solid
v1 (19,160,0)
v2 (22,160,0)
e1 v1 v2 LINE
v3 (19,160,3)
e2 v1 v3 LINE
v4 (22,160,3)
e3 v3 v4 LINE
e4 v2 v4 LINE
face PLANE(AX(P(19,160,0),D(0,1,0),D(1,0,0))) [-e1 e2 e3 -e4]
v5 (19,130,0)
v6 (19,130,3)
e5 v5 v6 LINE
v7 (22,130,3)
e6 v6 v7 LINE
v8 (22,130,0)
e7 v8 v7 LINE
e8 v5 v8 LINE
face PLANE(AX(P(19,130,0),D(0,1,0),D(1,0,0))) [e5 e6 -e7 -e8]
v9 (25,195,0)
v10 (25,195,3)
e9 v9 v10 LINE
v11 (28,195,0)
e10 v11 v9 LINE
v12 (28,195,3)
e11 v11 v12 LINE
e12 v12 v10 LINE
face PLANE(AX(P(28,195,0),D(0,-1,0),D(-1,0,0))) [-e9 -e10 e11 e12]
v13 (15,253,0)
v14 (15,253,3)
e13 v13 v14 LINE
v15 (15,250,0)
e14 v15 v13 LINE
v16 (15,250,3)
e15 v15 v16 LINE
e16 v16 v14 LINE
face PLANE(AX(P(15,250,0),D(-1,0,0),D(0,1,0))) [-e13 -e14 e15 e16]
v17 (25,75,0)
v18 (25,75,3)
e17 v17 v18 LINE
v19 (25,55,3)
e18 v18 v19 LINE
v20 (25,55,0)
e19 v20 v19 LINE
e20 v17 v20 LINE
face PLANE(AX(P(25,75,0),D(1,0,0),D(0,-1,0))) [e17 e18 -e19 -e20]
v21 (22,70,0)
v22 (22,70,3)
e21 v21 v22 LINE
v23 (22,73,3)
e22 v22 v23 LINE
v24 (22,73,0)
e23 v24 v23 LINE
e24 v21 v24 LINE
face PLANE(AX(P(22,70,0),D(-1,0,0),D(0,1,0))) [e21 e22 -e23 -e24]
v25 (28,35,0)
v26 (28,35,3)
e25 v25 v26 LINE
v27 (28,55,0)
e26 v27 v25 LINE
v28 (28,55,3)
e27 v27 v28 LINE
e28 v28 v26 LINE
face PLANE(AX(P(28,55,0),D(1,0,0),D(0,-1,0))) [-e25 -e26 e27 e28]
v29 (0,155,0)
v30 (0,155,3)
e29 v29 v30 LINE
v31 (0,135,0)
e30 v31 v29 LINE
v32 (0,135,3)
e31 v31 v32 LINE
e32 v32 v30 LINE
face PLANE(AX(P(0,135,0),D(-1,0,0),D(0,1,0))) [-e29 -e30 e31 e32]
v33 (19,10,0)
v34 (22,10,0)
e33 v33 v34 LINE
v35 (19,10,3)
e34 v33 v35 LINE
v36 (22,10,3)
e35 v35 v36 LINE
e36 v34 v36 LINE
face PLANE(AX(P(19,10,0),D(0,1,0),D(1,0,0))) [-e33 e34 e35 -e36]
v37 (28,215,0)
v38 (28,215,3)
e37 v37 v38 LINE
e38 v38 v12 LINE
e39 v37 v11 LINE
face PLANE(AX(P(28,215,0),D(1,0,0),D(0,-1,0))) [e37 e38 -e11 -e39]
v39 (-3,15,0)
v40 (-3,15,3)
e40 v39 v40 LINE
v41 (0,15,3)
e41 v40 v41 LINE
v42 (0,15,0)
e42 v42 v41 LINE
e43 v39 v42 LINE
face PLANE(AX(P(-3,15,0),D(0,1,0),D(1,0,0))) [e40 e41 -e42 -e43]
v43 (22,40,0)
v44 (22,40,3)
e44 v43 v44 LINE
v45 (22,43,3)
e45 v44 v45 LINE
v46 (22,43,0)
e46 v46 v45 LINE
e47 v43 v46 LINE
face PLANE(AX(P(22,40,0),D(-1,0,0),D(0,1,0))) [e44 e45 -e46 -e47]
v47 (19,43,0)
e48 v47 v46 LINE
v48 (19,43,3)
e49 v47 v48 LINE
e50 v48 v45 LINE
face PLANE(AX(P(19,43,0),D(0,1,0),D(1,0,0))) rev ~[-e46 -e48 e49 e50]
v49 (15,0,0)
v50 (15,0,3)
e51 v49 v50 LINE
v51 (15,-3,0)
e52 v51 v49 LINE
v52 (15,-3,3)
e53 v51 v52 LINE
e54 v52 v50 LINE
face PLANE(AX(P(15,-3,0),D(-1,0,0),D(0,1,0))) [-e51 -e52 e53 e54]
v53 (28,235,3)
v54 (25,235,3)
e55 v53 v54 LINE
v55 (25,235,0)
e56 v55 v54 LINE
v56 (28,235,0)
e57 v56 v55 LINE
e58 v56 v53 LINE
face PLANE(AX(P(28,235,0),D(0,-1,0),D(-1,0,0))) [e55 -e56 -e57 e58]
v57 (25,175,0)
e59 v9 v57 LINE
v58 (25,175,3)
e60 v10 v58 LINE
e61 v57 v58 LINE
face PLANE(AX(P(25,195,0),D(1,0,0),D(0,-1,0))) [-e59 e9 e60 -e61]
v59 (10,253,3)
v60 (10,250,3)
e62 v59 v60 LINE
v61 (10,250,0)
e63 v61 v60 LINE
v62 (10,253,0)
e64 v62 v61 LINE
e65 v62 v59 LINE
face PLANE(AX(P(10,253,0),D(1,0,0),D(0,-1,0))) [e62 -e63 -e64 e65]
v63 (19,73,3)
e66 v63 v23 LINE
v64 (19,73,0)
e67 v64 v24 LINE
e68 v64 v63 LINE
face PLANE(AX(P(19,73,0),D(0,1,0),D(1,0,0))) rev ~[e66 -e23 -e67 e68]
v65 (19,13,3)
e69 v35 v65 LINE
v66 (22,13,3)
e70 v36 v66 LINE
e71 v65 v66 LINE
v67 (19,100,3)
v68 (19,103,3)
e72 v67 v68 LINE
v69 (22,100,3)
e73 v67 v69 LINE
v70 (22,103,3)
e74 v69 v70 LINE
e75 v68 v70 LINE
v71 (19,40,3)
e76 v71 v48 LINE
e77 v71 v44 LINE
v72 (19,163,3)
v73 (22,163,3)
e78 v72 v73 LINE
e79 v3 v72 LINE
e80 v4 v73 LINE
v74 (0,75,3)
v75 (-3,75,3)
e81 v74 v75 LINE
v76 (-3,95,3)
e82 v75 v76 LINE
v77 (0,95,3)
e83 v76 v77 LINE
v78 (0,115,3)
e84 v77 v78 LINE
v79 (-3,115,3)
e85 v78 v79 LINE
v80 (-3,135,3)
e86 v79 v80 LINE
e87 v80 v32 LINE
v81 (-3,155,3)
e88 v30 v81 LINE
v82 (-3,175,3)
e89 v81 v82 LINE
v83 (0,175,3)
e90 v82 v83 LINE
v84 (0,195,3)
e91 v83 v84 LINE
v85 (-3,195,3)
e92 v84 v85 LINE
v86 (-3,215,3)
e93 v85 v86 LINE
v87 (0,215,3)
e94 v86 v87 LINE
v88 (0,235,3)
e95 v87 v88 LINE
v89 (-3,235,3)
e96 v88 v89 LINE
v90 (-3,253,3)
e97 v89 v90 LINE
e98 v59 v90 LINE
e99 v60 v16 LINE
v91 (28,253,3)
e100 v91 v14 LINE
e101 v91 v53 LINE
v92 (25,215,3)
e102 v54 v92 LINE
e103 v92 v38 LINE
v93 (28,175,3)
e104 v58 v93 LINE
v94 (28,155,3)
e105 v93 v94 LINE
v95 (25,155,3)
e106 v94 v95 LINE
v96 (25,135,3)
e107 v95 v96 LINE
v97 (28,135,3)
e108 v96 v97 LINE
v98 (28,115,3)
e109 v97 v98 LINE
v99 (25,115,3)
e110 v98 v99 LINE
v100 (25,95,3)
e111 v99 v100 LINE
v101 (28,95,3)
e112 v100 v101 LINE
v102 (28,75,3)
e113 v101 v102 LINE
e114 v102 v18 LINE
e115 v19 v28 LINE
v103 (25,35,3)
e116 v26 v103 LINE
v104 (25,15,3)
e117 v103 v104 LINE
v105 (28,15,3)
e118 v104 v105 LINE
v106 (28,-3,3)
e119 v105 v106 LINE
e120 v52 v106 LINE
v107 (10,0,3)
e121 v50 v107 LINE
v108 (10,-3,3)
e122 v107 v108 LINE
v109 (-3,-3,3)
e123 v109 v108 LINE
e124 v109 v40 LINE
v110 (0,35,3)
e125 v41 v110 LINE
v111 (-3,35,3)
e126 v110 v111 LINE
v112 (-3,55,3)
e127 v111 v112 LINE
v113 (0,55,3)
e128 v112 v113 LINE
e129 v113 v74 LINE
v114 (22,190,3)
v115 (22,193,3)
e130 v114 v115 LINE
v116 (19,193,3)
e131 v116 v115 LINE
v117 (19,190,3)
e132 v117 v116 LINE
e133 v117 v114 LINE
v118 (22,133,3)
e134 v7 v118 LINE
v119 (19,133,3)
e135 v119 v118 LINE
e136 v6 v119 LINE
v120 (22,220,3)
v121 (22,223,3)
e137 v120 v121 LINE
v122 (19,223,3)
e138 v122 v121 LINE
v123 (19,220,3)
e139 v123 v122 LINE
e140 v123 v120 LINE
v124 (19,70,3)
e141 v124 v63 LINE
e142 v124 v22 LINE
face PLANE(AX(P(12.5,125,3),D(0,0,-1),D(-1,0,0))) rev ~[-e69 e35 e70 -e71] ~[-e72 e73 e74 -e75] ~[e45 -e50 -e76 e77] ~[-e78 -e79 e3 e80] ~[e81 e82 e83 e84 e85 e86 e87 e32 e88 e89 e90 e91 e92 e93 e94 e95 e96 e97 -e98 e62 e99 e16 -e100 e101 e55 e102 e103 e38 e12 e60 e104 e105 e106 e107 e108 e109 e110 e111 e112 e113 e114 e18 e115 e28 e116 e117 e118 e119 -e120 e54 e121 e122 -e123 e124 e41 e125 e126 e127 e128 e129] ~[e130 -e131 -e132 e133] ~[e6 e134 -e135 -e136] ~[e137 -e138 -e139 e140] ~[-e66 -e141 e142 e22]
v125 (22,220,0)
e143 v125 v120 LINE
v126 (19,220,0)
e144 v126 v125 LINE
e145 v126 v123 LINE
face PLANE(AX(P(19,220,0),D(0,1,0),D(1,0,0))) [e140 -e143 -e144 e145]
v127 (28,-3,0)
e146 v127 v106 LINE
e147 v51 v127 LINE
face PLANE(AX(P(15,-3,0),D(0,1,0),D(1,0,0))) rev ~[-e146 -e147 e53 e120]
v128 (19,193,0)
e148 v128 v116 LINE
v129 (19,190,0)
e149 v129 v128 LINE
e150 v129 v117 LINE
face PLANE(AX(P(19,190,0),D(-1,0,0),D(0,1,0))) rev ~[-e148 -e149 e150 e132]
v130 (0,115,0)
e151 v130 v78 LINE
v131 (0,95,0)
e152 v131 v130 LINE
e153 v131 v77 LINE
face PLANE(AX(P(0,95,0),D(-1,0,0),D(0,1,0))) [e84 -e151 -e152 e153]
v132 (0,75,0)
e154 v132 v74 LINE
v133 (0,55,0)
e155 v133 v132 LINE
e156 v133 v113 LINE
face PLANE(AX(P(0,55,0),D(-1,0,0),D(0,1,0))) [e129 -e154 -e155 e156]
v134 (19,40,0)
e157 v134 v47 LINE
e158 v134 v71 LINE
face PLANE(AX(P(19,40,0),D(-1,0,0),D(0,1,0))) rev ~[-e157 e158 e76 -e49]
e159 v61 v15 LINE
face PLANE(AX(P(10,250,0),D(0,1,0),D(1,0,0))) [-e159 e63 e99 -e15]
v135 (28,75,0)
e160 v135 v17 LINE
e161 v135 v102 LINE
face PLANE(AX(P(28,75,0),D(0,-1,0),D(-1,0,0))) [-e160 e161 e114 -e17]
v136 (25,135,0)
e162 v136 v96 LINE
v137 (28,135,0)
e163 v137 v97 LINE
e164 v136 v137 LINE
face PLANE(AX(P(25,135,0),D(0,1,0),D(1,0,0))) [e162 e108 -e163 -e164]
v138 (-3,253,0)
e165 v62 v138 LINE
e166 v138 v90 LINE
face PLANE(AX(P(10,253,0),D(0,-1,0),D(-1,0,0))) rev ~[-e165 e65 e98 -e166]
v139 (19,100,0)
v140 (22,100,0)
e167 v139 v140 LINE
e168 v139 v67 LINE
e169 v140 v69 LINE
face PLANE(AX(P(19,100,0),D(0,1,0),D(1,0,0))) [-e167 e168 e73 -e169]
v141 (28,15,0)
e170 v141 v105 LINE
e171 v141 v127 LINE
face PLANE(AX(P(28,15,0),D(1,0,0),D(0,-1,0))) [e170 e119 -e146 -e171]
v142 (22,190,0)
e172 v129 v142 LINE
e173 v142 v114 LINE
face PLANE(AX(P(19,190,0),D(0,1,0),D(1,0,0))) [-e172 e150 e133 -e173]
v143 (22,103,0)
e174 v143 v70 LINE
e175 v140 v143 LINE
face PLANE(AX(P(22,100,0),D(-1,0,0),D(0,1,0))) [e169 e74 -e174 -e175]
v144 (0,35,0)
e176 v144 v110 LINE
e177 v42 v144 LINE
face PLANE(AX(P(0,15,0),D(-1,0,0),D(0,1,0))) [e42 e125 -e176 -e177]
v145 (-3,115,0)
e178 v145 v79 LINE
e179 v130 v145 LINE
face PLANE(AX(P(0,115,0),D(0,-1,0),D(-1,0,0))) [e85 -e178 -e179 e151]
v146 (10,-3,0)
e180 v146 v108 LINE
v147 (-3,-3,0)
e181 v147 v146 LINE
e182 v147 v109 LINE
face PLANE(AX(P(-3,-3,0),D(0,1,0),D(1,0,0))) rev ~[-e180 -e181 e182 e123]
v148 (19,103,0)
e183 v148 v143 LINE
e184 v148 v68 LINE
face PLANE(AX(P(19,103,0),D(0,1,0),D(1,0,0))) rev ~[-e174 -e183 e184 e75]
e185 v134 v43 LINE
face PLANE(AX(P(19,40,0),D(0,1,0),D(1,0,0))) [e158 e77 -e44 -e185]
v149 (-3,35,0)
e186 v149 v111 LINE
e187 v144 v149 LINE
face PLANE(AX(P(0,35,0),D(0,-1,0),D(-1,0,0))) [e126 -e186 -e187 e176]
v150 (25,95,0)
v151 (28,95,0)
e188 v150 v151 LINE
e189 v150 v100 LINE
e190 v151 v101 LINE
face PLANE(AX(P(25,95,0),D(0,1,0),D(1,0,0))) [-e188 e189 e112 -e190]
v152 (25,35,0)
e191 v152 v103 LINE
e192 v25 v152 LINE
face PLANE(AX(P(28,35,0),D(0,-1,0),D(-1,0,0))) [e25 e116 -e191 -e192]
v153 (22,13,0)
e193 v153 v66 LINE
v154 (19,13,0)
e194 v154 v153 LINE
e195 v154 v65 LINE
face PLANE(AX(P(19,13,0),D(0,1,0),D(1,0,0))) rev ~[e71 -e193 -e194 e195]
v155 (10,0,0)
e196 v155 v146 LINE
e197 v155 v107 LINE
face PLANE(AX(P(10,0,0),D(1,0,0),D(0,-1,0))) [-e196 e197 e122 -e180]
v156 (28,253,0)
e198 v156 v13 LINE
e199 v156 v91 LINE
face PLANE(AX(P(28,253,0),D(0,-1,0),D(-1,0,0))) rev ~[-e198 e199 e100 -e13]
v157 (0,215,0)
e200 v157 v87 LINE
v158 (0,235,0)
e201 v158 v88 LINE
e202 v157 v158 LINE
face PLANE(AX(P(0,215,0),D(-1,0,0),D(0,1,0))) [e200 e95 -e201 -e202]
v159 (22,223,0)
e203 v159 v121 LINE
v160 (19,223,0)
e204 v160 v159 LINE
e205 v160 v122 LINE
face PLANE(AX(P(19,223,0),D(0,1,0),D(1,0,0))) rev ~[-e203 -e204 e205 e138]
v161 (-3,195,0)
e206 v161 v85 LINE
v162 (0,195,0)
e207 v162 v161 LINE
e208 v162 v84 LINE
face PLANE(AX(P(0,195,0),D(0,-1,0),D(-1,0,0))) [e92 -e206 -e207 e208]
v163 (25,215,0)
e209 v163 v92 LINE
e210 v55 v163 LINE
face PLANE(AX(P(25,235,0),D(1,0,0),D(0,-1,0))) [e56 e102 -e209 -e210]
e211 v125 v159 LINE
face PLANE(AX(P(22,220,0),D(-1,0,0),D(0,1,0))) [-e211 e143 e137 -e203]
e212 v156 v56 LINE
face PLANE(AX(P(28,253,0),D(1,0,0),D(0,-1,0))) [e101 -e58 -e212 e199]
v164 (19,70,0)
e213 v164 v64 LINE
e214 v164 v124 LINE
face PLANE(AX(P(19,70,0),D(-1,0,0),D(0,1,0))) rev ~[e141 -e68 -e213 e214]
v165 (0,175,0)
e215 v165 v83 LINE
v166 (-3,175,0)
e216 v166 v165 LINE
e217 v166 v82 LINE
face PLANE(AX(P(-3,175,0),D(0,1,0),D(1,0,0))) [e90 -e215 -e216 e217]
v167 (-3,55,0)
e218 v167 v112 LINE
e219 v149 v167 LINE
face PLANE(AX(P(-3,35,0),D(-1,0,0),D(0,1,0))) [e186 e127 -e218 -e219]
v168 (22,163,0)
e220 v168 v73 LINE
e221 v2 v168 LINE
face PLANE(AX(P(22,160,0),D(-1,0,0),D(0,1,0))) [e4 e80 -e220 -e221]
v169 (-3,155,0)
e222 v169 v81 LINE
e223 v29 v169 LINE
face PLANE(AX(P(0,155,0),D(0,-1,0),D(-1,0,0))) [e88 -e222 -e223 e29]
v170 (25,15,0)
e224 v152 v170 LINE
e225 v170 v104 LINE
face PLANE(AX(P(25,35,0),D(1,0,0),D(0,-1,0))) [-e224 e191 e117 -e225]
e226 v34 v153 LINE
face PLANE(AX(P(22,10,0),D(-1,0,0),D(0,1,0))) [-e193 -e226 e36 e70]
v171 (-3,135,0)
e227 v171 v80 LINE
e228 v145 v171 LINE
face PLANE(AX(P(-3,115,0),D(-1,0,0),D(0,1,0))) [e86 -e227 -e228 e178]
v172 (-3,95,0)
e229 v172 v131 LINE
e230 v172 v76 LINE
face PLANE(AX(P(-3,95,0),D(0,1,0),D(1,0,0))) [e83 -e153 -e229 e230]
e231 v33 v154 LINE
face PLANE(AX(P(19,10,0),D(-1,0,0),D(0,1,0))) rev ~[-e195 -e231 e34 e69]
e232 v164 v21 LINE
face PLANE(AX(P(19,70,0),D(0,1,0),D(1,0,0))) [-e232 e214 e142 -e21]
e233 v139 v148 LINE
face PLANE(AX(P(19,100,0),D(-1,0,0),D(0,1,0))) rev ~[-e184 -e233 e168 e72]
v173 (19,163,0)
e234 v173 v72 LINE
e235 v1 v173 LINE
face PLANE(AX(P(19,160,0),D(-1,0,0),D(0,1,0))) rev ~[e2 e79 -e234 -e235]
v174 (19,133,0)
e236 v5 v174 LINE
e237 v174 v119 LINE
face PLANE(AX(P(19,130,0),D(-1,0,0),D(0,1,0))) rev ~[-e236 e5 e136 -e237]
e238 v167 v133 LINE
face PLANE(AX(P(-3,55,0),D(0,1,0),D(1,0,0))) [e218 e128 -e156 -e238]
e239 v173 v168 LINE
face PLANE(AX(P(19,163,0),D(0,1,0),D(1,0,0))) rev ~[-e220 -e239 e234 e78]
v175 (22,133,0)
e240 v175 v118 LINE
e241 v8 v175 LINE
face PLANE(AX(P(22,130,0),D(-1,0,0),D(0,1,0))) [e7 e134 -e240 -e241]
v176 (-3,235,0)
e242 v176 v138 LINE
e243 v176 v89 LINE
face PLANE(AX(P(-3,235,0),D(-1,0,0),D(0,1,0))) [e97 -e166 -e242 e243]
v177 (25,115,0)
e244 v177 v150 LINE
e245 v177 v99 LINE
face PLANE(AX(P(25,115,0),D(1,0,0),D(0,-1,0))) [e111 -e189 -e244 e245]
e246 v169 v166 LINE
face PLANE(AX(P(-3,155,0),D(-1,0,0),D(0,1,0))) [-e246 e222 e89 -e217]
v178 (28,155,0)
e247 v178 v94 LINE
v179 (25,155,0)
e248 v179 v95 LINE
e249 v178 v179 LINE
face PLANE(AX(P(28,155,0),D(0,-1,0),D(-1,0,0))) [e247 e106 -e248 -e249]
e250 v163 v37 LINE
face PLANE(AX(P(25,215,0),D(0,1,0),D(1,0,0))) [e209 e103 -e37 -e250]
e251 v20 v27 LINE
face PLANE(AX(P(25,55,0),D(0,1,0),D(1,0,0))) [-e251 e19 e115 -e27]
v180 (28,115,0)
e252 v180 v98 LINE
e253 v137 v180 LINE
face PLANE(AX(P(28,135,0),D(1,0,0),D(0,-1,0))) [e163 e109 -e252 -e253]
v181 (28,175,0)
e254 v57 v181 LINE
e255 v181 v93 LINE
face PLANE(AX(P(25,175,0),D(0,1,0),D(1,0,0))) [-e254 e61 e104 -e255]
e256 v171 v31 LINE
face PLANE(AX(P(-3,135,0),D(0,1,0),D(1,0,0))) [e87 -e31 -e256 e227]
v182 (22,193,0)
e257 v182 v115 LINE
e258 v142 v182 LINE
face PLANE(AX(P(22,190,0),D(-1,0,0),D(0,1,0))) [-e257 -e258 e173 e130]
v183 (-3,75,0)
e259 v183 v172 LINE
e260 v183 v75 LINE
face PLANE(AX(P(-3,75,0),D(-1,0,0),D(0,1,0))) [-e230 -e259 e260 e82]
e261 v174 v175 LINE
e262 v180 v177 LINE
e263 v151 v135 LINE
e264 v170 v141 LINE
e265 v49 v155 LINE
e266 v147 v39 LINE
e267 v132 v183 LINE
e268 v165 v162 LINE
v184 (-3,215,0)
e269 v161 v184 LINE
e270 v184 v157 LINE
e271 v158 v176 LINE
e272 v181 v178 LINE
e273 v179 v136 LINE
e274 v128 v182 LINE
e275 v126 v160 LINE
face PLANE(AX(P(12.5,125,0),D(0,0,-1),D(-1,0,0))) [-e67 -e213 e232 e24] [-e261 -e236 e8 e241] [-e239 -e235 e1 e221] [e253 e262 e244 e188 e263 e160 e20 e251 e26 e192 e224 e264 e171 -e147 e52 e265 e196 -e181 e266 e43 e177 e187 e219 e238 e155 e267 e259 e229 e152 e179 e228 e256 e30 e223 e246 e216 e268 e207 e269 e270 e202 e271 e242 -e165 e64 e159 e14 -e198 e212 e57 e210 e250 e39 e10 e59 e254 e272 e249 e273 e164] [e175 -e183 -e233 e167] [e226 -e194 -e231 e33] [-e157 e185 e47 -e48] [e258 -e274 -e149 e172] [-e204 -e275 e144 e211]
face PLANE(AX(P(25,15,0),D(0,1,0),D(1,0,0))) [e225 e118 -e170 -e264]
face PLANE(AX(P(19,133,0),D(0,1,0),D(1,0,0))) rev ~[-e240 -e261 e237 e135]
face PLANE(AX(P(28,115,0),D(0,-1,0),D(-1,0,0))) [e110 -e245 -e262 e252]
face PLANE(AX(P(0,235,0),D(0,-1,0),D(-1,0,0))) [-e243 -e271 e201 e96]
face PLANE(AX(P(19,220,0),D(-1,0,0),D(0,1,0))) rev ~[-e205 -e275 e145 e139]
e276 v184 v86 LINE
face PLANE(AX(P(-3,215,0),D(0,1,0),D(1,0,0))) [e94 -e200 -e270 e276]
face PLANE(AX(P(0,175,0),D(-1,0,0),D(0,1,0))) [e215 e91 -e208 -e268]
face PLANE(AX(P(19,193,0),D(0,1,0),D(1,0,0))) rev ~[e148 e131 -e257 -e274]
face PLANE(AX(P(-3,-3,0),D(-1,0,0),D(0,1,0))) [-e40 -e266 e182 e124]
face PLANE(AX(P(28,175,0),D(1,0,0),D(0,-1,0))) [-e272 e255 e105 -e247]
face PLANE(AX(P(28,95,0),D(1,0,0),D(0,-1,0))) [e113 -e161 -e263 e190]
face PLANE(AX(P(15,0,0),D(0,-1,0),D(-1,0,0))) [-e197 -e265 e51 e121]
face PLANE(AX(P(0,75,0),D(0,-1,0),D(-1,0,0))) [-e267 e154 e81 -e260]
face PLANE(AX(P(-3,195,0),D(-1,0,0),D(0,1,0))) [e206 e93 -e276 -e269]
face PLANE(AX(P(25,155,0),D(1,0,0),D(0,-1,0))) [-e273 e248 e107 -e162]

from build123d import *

# Parameters (mm, degrees)
SKETCH2_W           = 3
SKETCH2_H           = 3
BOSS_EXTRUDE2_DEPTH = 3


with BuildPart() as part:
    # Sketch2 → Boss-Extrude2 (new body)
    with BuildSketch(Plane.XY):
        Polygon((10, 250), (15, 250), (15, 253), (25, 253), (28, 253), (28, 235), (25, 235), (25, 215), (28, 215), (28, 195), (25, 195), (25, 175), (28, 175), (28, 155), (25, 155), (25, 135), (28, 135), (28, 115), (25, 115), (25, 95), (28, 95), (28, 75), (25, 75), (25, 55), (28, 55), (28, 35), (25, 35), (25, 15), (28, 15), (28, -3), (25, -3), (15, -3), (15, 0), (10, 0), (10, -3), (0, -3), (-3, -3), (-3, 15), (0, 15), (0, 35), (-3, 35), (-3, 55), (0, 55), (0, 75), (-3, 75), (-3, 95), (0, 95), (0, 115), (-3, 115), (-3, 135), (0, 135), (0, 155), (-3, 155), (-3, 175), (0, 175), (0, 195), (-3, 195), (-3, 215), (0, 215), (0, 235), (-3, 235), (-3, 253), (0, 253), (10, 253), align=None)
        with Locations((20.5, 191.5)):
            Rectangle(SKETCH2_W, SKETCH2_H, mode=Mode.SUBTRACT)
        with Locations((20.5, 221.5)):
            Rectangle(SKETCH2_W, SKETCH2_H, mode=Mode.SUBTRACT)
        with Locations((20.5, 161.5)):
            Rectangle(SKETCH2_W, SKETCH2_H, mode=Mode.SUBTRACT)
        with Locations((20.5, 131.5)):
            Rectangle(SKETCH2_W, SKETCH2_H, mode=Mode.SUBTRACT)
        with Locations((20.5, 101.5)):
            Rectangle(SKETCH2_W, SKETCH2_H, mode=Mode.SUBTRACT)
        with Locations((20.5, 71.5)):
            Rectangle(SKETCH2_W, SKETCH2_H, mode=Mode.SUBTRACT)
        with Locations((20.5, 41.5)):
            Rectangle(SKETCH2_W, SKETCH2_H, mode=Mode.SUBTRACT)
        with Locations((20.5, 11.5)):
            Rectangle(SKETCH2_W, SKETCH2_H, mode=Mode.SUBTRACT)
    extrude(amount=BOSS_EXTRUDE2_DEPTH)


solid = part.part
